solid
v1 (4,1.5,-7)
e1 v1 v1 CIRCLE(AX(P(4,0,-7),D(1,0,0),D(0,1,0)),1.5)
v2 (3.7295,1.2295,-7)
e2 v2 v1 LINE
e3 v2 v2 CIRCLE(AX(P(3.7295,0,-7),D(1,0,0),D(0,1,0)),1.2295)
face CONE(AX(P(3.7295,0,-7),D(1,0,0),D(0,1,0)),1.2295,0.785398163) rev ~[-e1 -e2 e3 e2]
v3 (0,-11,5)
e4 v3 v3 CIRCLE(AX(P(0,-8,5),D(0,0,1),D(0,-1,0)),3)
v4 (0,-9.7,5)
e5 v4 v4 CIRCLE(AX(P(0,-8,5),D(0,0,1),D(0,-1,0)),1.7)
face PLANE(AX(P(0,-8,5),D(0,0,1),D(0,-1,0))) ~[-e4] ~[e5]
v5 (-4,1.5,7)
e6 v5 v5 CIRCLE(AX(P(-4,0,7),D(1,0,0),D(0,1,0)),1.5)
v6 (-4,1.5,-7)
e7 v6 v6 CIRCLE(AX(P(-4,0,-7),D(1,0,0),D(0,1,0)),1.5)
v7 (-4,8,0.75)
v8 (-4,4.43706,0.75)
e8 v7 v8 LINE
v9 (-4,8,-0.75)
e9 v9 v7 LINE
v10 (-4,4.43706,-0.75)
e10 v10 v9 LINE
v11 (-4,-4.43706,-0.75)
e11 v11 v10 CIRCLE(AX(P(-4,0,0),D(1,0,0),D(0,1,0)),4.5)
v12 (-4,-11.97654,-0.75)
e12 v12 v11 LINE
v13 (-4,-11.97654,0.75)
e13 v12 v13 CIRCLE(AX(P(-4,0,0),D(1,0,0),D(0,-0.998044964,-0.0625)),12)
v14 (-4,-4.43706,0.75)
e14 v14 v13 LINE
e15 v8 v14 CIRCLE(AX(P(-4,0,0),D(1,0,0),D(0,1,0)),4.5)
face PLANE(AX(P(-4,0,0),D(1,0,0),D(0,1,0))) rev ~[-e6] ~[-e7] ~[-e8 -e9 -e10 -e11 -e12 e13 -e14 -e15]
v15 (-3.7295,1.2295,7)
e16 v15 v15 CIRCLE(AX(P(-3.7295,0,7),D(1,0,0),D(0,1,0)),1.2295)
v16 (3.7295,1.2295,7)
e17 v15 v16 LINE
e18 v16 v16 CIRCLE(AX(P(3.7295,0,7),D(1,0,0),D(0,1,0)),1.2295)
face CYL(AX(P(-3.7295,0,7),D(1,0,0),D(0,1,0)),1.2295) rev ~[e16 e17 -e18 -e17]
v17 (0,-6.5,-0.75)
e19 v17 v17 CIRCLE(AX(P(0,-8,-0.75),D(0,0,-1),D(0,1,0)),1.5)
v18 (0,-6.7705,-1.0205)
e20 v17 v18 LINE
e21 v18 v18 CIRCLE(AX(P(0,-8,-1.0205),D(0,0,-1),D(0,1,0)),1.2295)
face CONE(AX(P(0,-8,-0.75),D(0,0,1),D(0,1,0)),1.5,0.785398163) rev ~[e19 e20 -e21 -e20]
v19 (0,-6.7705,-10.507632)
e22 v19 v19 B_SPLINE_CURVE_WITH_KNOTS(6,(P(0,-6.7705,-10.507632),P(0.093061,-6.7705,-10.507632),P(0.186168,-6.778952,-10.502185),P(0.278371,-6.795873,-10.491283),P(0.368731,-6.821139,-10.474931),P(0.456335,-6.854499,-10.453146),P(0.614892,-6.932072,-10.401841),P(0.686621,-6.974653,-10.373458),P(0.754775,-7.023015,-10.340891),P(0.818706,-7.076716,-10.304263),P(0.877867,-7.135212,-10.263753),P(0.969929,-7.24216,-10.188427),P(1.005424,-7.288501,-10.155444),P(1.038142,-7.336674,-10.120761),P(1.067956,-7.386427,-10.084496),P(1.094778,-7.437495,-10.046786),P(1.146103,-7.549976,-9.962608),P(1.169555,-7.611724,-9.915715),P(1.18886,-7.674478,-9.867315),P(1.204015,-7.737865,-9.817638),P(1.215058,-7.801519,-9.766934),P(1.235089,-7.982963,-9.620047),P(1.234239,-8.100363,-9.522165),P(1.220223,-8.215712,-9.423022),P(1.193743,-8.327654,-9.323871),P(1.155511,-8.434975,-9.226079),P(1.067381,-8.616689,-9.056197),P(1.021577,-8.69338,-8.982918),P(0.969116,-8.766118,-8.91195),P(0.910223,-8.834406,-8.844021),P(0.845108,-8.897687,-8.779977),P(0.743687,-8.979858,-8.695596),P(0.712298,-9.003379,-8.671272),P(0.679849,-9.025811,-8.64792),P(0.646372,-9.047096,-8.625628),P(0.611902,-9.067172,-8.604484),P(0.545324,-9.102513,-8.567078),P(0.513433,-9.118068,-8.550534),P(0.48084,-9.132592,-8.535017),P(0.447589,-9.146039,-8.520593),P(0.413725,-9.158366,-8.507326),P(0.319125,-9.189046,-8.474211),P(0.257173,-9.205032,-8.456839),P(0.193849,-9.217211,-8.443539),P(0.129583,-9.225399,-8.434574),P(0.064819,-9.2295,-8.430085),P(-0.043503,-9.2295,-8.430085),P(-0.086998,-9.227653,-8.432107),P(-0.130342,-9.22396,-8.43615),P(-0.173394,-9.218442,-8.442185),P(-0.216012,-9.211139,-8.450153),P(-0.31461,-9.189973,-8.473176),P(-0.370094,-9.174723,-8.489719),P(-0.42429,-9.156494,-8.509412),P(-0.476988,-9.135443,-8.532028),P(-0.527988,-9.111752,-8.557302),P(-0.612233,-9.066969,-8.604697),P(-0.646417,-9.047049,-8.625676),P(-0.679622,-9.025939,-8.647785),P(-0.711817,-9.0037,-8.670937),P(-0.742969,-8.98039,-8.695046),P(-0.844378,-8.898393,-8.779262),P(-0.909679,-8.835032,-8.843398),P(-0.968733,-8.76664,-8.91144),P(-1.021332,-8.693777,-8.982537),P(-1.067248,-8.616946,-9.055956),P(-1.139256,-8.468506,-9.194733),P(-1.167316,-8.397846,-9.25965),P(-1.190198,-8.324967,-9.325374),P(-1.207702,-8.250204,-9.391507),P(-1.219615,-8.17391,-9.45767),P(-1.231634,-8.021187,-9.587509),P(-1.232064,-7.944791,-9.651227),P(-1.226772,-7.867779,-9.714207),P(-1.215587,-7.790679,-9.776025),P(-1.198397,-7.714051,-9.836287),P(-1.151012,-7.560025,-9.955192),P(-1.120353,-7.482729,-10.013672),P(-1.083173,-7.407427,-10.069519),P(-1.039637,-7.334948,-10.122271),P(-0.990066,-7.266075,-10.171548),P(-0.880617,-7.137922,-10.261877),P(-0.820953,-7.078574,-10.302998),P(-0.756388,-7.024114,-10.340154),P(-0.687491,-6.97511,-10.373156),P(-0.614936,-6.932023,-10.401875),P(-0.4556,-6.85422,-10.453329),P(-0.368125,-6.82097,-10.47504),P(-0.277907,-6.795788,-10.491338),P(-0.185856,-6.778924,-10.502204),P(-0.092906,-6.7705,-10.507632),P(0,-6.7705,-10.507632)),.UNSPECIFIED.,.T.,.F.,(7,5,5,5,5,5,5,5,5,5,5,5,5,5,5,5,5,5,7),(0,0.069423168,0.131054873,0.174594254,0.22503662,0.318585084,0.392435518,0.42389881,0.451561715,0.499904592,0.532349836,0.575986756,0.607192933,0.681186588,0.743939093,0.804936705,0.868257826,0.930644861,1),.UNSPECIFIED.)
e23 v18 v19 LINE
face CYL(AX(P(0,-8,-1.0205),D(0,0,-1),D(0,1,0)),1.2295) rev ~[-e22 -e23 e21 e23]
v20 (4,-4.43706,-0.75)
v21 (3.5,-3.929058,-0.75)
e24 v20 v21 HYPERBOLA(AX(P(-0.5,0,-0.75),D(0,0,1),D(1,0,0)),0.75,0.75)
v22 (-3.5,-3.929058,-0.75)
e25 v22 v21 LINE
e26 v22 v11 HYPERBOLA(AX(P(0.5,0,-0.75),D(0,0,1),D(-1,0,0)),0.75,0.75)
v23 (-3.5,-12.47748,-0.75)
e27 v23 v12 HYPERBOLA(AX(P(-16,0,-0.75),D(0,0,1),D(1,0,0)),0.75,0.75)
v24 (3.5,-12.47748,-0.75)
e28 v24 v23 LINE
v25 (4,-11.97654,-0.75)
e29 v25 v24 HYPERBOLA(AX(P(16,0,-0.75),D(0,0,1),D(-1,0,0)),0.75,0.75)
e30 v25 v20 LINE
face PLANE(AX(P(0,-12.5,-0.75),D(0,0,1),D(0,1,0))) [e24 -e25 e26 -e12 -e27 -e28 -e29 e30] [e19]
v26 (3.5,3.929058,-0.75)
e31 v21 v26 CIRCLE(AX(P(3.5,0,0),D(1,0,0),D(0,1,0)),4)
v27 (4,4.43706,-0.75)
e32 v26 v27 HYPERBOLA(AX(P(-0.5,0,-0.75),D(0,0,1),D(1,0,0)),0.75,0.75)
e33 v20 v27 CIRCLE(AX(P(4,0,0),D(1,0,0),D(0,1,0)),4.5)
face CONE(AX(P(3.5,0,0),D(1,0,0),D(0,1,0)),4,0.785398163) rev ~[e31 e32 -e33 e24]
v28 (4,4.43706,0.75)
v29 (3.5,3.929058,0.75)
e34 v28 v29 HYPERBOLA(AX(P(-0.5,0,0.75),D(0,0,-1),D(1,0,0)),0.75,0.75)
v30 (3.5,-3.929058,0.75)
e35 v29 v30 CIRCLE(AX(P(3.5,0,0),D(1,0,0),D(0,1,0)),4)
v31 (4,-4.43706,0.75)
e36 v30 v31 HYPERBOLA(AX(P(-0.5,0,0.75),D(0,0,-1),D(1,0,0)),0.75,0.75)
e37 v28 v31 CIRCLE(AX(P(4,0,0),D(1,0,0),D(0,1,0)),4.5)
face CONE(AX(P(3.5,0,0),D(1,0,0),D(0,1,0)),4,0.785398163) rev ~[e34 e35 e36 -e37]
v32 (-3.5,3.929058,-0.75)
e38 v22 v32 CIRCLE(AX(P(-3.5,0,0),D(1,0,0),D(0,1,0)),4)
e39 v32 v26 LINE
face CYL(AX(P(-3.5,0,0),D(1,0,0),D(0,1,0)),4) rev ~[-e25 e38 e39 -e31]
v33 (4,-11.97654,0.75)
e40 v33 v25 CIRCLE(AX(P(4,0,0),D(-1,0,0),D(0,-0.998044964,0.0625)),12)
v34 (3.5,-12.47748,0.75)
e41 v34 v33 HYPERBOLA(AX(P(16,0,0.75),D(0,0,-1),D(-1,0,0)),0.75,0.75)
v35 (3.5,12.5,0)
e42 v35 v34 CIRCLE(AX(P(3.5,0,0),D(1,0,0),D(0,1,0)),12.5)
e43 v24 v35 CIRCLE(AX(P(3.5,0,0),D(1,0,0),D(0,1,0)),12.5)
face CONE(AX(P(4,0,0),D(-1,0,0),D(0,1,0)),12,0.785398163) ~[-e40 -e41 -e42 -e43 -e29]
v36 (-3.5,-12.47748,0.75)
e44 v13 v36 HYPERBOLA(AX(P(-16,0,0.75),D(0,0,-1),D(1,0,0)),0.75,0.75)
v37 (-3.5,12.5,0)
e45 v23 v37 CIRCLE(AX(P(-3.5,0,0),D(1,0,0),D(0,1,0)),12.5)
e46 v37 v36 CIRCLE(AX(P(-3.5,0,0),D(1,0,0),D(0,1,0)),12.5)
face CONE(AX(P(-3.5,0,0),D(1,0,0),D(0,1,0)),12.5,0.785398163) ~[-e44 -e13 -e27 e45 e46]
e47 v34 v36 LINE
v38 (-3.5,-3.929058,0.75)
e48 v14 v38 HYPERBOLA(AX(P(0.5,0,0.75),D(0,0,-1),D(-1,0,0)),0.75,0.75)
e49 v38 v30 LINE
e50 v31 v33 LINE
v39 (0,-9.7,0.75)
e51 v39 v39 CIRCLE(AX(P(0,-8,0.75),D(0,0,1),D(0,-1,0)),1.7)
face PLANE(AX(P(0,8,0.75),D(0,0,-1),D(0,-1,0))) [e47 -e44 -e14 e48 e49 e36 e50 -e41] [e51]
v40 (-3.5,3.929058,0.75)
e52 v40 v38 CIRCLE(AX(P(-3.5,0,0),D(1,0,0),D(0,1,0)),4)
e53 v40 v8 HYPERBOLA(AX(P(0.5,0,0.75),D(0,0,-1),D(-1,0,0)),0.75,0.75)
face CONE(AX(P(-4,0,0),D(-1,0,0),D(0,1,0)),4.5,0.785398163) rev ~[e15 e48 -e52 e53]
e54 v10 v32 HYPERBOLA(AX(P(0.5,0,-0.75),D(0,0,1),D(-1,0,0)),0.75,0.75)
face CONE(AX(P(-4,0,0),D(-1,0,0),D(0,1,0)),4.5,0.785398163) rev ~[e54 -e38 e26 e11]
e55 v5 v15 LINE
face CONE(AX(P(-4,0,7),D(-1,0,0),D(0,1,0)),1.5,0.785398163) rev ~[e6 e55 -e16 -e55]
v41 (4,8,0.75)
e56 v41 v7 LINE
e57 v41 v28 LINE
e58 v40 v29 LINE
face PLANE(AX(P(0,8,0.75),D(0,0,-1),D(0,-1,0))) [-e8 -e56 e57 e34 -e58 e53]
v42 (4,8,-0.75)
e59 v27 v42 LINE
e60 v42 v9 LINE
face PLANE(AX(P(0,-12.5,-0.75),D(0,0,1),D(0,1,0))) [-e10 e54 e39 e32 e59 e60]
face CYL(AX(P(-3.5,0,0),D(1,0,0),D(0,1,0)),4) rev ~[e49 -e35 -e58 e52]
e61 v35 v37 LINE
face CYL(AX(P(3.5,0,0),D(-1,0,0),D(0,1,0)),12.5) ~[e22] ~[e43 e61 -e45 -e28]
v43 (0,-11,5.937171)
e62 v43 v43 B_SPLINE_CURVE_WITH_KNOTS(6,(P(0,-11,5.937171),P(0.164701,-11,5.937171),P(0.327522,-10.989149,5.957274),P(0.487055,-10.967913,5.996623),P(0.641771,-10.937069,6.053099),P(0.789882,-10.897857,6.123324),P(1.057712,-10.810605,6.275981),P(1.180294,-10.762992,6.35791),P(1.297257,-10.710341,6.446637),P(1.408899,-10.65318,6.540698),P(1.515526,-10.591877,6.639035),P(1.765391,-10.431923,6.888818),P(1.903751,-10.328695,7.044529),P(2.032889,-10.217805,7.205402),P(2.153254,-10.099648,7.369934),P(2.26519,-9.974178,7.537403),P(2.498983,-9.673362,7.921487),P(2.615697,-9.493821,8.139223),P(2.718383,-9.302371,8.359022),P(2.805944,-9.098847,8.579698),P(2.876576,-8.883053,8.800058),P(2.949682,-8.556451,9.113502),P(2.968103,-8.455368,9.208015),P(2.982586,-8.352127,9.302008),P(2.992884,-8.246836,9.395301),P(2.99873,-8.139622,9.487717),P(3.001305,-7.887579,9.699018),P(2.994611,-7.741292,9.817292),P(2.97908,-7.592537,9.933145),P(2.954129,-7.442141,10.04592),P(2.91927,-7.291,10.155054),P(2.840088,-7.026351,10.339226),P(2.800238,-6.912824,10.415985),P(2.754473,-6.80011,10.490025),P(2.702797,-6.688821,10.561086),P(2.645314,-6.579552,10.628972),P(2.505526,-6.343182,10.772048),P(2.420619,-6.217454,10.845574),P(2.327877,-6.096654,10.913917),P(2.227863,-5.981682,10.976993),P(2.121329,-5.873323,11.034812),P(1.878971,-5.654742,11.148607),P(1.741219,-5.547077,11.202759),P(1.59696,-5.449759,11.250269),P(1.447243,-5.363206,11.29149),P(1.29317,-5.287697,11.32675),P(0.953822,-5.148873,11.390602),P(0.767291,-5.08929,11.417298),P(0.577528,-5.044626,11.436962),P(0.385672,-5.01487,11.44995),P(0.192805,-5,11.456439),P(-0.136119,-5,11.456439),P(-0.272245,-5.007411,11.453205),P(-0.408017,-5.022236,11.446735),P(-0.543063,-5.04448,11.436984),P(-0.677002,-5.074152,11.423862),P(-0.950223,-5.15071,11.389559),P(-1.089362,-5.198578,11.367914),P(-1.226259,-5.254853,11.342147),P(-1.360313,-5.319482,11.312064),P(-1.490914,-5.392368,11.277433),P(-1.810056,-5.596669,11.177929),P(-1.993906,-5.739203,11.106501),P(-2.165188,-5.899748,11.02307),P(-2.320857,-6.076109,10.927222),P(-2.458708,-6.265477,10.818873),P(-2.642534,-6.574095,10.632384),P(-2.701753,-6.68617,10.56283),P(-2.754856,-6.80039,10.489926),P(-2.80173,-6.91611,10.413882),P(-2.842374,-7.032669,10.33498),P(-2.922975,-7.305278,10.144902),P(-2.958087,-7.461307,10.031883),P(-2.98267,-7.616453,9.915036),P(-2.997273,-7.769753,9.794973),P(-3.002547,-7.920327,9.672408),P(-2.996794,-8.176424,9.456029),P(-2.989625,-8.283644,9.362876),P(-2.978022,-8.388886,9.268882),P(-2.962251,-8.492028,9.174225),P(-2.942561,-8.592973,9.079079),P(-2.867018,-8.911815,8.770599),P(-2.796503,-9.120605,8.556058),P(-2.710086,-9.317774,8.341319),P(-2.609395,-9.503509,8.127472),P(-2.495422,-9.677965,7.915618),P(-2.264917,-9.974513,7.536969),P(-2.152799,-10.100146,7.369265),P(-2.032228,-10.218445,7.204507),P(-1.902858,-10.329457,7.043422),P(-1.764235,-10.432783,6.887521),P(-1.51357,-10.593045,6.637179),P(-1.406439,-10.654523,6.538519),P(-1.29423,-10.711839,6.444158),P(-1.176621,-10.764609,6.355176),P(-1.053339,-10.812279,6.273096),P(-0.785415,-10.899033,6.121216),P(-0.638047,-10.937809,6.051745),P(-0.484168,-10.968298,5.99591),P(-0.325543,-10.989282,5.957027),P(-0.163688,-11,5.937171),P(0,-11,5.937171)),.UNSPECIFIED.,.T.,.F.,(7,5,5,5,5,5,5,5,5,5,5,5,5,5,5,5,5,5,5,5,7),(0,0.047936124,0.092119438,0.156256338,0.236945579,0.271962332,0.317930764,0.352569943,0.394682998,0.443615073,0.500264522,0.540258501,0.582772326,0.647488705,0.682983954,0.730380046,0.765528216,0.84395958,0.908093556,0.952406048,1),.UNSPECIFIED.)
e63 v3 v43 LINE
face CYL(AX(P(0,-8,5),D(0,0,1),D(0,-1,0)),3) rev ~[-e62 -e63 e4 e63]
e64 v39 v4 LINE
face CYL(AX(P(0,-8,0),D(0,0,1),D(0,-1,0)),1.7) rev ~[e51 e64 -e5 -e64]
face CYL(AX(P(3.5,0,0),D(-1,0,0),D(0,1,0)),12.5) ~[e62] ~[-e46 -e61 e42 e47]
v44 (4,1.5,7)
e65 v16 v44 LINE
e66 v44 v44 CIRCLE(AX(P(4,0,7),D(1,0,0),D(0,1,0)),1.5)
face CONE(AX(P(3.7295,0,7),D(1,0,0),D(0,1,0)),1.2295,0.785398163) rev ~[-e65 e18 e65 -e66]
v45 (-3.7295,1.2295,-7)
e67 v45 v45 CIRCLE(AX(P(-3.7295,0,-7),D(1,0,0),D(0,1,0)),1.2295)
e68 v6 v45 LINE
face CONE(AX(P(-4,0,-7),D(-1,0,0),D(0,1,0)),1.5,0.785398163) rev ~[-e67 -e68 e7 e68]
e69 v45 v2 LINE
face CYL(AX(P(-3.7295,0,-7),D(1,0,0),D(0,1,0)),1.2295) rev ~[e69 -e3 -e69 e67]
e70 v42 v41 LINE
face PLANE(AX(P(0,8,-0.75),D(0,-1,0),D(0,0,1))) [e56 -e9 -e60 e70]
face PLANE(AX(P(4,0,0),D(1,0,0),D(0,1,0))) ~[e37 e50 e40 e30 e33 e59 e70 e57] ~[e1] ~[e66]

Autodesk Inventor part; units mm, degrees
sketch "Sketch_1" plane through (0, 0, 0) normal (0, 0, 1) x (1, 0, 0)
  line L0 (4, 0) -> (-4, 0)
  line L1 (-4, 12) -> (-4, 4.5)
  line L2 (-4, 4.5) -> (-3.5, 4)
  line L3 (-3.5, 4) -> (3.5, 4)
  line L4 (3.5, 4) -> (4, 4.5)
  line L5 (4, 4.5) -> (4, 12)
  line L6 (4, 12) -> (3.5, 12.5)
  line L7 (3.5, 12.5) -> (-3.5, 12.5)
  line L8 (-3.5, 12.5) -> (-4, 12)
revolve "Revolution1" add sketch "Sketch_1" angle 360 about axis through (4, 0, 0) along (1, 0, 0)
sketch "Sketch_2" plane through (0, 0, 0) normal (1, 0, 0) x (0, 1, 0)
  line L0 (-12.5, 0.75) -> (-12.5, -0.75)
  line L1 (-12.5, -0.75) -> (8, -0.75)
  line L2 (8, -0.75) -> (8, 0.75)
  line L3 (8, 0.75) -> (-12.5, 0.75)
extrude "Extrusion1" cut sketch "Sketch_2" along normal mid plane 8
sketch "Sketch_3" plane through (0, 0, 0) normal (1, 0, 0) x (0, 1, 0)
  line L0 (-8, 12.5) -> (-8, 0)
  line L1 (-8, 0) -> (-9.7, 0)
  line L2 (-9.7, 0) -> (-9.7, 5)
  line L3 (-9.7, 5) -> (-11, 5)
  line L4 (-11, 5) -> (-11, 12.5)
  line L5 (-11, 12.5) -> (-8, 12.5)
  line L6 (-8, 12.5) -> (-8, 0)
revolve "Revolution2" cut sketch "Sketch_3" angle 360 about axis through (0, -8, 12.5) along (0, 0, 1)
sketch "Sketch_4" plane through (0, 0, 0) normal (1, 0, 0) x (0, 1, 0)
  line L0 (-8, -12.75) -> (-8, -0.75)
  line L1 (-8, -0.75) -> (-6.5, -0.75)
  line L2 (-6.5, -0.75) -> (-6.7705, -1.0205)
  line L3 (-6.7705, -1.0205) -> (-6.7705, -12.75)
  line L4 (-6.7705, -12.75) -> (-8, -12.75)
  line L5 (-8, -12.75) -> (-8, -0.75)
revolve "Revolution3" cut sketch "Sketch_4" angle 360 about axis through (0, -8, -12.75) along (0, 0, -1)
thread "Thread1" size "M3x0.5" class "6H" standard "ISO Metric profile" length 9.6566
sketch "Sketch_7" plane through (0, 0, -7) normal (0, 0, 1) x (1, 0, 0)
  line L0 (4, 0) -> (-4, 0)
  line L1 (-4, 0) -> (-4, 1.5)
  line L2 (-4, 1.5) -> (-3.7295, 1.2295)
  line L3 (-3.7295, 1.2295) -> (3.7295, 1.2295)
  line L4 (3.7295, 1.2295) -> (4, 1.5)
  line L5 (4, 1.5) -> (4, 0)
  line L6 (4, 0) -> (-4, 0)
revolve "Revolution4" cut sketch "Sketch_7" angle 360 about axis through (4, 0, -7) along (1, 0, 0)
thread "Thread2" size "M3x0.5" class "6H" standard "ISO Metric profile" full length
sketch "Sketch_8" plane through (0, 0, 7) normal (0, 0, 1) x (1, 0, 0)
  line L0 (4, 0) -> (-4, 0)
  line L1 (-4, 0) -> (-4, 1.5)
  line L2 (-4, 1.5) -> (-3.7295, 1.2295)
  line L3 (-3.7295, 1.2295) -> (3.7295, 1.2295)
  line L4 (3.7295, 1.2295) -> (4, 1.5)
  line L5 (4, 1.5) -> (4, 0)
  line L6 (4, 0) -> (-4, 0)
revolve "Revolution5" cut sketch "Sketch_8" angle 360 about axis through (4, 0, 7) along (1, 0, 0)
thread "Thread3" size "M3x0.5" class "6H" standard "ISO Metric profile" full length
ref_plane "body_screw_XY" through (0, -8, 5) normal (0, 0, 1) x (1, 0, 0)
ref_plane "body_screw_YZ" through (0, -8, 5) normal (1, 0, 0) x (0, 1, 0)
ref_plane "body_screw_ZX" through (0, -8, 5) normal (0, 1, 0) x (0, 0, 1)
properties part number "SCSWA8-8b"
